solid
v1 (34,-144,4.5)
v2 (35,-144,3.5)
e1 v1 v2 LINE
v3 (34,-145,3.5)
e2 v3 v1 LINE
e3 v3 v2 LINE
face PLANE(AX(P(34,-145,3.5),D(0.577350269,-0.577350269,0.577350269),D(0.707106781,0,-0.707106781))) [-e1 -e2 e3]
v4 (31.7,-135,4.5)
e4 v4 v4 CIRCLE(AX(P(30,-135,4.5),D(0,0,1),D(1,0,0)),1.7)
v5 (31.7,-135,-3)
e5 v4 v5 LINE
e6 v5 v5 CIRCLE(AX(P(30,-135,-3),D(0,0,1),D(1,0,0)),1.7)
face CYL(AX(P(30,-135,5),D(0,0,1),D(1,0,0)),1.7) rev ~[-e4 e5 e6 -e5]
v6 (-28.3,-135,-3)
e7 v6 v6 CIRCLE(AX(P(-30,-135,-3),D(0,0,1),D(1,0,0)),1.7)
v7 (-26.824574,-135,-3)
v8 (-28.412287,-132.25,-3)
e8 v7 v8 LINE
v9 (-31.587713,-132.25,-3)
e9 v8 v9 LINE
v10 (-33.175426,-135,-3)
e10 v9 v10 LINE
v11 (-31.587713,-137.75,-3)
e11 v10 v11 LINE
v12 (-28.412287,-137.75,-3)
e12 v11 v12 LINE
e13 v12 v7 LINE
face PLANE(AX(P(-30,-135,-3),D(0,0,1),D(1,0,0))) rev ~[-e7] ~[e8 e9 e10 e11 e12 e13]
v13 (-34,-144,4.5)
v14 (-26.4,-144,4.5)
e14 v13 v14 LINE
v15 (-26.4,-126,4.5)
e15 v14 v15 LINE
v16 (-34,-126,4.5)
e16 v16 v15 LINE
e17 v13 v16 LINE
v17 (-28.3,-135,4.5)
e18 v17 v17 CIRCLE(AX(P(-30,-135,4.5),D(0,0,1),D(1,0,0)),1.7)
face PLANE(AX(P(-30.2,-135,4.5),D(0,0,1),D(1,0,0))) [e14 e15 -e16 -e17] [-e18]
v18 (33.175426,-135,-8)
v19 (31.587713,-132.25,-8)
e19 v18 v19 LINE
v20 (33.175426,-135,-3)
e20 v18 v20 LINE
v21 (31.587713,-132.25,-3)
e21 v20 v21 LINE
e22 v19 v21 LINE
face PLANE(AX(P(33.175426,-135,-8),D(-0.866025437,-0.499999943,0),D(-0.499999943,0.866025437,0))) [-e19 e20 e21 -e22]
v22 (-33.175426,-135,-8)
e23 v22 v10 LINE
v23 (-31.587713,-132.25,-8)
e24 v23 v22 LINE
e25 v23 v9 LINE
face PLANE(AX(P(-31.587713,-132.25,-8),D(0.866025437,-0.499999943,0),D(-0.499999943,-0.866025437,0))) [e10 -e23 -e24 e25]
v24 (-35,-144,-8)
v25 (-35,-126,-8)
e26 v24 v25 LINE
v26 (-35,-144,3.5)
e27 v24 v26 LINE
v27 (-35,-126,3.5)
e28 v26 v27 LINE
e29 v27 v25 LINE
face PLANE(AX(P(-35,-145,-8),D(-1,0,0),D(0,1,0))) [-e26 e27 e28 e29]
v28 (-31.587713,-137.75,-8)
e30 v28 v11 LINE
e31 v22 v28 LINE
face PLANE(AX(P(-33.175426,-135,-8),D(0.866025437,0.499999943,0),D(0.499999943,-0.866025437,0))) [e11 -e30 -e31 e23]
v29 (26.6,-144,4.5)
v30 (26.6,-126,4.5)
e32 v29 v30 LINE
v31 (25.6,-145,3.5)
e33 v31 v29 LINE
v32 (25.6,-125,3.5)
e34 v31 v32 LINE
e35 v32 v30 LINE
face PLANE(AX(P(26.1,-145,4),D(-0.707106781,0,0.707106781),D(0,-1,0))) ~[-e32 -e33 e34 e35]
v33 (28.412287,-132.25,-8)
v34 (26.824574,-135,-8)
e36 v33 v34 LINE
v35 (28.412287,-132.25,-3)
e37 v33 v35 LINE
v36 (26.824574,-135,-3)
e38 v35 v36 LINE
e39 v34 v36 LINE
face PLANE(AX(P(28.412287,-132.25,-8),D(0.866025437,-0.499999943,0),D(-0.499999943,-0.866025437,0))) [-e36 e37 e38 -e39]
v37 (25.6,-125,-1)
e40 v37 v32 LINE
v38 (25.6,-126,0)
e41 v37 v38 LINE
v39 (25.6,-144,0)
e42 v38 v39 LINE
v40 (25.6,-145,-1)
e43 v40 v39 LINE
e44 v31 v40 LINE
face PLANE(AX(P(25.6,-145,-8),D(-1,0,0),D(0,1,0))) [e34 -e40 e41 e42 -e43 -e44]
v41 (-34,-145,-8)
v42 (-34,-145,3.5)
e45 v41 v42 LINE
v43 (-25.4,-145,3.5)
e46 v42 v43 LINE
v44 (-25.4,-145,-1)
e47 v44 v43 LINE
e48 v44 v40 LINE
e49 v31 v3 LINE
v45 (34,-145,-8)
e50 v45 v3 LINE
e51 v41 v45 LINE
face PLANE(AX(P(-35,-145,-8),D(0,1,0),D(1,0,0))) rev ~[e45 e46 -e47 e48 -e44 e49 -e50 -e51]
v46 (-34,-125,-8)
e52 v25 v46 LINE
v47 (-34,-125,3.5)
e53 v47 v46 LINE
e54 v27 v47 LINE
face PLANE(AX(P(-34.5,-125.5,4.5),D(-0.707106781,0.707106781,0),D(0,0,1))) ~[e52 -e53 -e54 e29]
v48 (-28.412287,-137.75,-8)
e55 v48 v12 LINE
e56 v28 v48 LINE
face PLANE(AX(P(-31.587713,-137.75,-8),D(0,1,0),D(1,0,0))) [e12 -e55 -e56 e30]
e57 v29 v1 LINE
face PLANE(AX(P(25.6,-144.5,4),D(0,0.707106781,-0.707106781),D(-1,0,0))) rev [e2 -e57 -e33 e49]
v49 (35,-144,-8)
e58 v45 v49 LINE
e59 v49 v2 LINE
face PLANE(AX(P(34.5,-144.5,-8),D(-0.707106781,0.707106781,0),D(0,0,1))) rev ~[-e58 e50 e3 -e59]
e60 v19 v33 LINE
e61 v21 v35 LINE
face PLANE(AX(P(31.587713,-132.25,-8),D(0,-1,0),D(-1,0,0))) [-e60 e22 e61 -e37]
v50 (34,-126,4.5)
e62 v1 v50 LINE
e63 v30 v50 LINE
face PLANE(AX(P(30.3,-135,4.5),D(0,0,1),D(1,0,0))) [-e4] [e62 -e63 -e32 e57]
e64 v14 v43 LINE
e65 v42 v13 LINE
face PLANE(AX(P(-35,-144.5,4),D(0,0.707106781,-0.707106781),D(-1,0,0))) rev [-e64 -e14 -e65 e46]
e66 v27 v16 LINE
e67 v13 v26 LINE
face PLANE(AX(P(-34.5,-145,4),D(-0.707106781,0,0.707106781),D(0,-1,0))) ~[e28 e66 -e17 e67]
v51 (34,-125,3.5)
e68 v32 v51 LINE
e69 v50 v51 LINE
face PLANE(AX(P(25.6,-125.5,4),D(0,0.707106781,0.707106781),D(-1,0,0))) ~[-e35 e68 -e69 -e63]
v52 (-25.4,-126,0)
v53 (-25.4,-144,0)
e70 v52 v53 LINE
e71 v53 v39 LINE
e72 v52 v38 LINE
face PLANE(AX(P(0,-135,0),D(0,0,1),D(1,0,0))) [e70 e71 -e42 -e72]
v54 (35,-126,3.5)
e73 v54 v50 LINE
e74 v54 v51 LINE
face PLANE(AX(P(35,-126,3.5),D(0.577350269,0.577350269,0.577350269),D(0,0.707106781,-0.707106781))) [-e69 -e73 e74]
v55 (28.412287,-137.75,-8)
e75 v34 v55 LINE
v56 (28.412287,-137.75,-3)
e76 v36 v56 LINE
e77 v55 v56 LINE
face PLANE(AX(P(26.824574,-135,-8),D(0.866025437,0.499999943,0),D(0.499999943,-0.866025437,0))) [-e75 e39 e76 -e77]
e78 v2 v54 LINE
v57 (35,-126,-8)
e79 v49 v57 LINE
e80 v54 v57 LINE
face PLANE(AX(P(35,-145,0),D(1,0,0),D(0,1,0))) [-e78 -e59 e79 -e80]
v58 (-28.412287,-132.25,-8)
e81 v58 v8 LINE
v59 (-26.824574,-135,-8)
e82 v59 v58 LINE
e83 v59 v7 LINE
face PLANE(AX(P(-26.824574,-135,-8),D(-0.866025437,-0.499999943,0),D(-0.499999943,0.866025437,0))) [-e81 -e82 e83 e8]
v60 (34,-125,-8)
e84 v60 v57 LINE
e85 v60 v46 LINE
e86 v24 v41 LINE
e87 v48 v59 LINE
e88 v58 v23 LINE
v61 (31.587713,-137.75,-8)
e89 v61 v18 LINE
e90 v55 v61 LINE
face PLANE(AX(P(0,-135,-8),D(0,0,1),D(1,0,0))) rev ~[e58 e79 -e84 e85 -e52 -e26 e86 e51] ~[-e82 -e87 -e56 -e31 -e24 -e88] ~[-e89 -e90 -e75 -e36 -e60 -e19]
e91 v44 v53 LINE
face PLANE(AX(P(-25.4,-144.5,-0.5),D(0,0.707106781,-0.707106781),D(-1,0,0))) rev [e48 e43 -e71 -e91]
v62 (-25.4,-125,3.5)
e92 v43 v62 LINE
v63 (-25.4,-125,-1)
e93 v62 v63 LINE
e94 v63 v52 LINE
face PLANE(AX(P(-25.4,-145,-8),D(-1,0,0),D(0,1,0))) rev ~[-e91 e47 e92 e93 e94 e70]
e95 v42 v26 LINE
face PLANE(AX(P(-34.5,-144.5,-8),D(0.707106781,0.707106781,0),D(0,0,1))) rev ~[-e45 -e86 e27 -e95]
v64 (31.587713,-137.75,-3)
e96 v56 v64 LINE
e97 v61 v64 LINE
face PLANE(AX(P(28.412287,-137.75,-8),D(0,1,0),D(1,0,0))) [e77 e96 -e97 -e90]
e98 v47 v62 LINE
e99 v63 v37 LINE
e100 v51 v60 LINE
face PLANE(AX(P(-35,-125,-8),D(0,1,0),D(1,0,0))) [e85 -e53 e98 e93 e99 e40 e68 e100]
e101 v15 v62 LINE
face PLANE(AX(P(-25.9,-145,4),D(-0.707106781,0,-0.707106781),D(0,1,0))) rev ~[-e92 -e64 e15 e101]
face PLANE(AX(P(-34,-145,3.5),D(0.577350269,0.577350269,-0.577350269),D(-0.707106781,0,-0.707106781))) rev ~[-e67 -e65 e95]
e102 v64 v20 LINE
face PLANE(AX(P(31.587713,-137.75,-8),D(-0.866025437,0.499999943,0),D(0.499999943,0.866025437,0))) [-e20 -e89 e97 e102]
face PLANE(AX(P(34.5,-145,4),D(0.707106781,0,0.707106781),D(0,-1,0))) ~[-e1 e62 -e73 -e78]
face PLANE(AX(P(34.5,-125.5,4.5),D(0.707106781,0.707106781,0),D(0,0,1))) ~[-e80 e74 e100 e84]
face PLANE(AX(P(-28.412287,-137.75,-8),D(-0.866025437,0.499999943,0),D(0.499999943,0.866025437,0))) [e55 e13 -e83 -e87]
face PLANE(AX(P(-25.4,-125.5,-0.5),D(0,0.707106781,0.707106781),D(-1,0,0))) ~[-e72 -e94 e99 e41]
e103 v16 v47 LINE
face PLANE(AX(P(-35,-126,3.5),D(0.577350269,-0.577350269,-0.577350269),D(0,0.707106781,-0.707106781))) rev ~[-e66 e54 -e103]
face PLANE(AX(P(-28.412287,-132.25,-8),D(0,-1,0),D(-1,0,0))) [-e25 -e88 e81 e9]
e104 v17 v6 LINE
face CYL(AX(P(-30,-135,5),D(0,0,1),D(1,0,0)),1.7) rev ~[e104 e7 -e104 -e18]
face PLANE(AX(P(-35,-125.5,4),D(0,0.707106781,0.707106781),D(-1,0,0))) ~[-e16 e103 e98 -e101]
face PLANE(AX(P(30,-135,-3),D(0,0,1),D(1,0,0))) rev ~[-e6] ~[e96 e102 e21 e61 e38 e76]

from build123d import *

# Parameters (mm, degrees)
SKETCH023_W     = 70
SKETCH023_H     = 20
PAD012_DEPTH    = 8
SKETCH024_W     = 9.6
SKETCH024_H     = 20
SKETCH024_W_2   = 9.4
PAD013_DEPTH    = 12.5
SKETCH025_R     = 1.7
HOLE003_DEPTH   = 25
POCKET002_DEPTH = 5
CHAMFER004_SIZE = 1


with BuildPart() as part:
    # Sketch023 → Pad012 (new body)
    with BuildSketch(Plane.XY):
        with Locations((0, -110)):
            Rectangle(SKETCH023_W, SKETCH023_H)
    extrude(amount=-PAD012_DEPTH)

    # Sketch024 → Pad013 (join)
    with BuildSketch(Plane.XY.offset(-8)):
        with Locations((-30.2, -110)):
            Rectangle(SKETCH024_W, SKETCH024_H)
        with Locations((30.3, -110)):
            Rectangle(SKETCH024_W_2, SKETCH024_H)
    extrude(amount=PAD013_DEPTH)

    # Sketch025 → Hole003 (cut)
    with BuildSketch(Plane.XY.offset(5)):
        with Locations((-30, -110)):
            Circle(SKETCH025_R)
        with Locations((30, -110)):
            Circle(SKETCH025_R)
    extrude(amount=-HOLE003_DEPTH, mode=Mode.SUBTRACT)

    # Sketch026 → Pocket002 (cut)
    with BuildSketch(Plane.XY.offset(-8)):
        Polygon((-28.412287, -112.75), (-26.824574, -110), (-28.412287, -107.25), (-31.587713, -107.25), (-33.175426, -110), (-31.587713, -112.75), align=None)
        Polygon((31.587713, -112.75), (33.175426, -110), (31.587713, -107.25), (28.412287, -107.25), (26.824574, -110), (28.412287, -112.75), align=None)
    extrude(amount=POCKET002_DEPTH, mode=Mode.SUBTRACT)

    # Chamfer004
    chamfer004_edges = [part.edges().sort_by_distance(p)[0] for p in [
        (-25.4, -110, 4.5),
        (25.6, -110, 4.5),
        (-30.2, -100, 4.5),
        (-35, -110, 4.5),
        (30.3, -100, 4.5),
        (35, -110, 4.5),
        (-30.2, -120, 4.5),
        (30.3, -120, 4.5),
        (0.1, -120, 0),
        (0.1, -100, 0),
        (-35, -120, -4),
        (-35, -100, -4),
        (35, -120, -4),
        (35, -100, -4),
    ]]
    chamfer(chamfer004_edges, length=CHAMFER004_SIZE)


with BuildPart() as part_1:
    # Body003 placement: moved
    add(part.part.moved(Location((0, -25, 0))))


solid = part_1.part
